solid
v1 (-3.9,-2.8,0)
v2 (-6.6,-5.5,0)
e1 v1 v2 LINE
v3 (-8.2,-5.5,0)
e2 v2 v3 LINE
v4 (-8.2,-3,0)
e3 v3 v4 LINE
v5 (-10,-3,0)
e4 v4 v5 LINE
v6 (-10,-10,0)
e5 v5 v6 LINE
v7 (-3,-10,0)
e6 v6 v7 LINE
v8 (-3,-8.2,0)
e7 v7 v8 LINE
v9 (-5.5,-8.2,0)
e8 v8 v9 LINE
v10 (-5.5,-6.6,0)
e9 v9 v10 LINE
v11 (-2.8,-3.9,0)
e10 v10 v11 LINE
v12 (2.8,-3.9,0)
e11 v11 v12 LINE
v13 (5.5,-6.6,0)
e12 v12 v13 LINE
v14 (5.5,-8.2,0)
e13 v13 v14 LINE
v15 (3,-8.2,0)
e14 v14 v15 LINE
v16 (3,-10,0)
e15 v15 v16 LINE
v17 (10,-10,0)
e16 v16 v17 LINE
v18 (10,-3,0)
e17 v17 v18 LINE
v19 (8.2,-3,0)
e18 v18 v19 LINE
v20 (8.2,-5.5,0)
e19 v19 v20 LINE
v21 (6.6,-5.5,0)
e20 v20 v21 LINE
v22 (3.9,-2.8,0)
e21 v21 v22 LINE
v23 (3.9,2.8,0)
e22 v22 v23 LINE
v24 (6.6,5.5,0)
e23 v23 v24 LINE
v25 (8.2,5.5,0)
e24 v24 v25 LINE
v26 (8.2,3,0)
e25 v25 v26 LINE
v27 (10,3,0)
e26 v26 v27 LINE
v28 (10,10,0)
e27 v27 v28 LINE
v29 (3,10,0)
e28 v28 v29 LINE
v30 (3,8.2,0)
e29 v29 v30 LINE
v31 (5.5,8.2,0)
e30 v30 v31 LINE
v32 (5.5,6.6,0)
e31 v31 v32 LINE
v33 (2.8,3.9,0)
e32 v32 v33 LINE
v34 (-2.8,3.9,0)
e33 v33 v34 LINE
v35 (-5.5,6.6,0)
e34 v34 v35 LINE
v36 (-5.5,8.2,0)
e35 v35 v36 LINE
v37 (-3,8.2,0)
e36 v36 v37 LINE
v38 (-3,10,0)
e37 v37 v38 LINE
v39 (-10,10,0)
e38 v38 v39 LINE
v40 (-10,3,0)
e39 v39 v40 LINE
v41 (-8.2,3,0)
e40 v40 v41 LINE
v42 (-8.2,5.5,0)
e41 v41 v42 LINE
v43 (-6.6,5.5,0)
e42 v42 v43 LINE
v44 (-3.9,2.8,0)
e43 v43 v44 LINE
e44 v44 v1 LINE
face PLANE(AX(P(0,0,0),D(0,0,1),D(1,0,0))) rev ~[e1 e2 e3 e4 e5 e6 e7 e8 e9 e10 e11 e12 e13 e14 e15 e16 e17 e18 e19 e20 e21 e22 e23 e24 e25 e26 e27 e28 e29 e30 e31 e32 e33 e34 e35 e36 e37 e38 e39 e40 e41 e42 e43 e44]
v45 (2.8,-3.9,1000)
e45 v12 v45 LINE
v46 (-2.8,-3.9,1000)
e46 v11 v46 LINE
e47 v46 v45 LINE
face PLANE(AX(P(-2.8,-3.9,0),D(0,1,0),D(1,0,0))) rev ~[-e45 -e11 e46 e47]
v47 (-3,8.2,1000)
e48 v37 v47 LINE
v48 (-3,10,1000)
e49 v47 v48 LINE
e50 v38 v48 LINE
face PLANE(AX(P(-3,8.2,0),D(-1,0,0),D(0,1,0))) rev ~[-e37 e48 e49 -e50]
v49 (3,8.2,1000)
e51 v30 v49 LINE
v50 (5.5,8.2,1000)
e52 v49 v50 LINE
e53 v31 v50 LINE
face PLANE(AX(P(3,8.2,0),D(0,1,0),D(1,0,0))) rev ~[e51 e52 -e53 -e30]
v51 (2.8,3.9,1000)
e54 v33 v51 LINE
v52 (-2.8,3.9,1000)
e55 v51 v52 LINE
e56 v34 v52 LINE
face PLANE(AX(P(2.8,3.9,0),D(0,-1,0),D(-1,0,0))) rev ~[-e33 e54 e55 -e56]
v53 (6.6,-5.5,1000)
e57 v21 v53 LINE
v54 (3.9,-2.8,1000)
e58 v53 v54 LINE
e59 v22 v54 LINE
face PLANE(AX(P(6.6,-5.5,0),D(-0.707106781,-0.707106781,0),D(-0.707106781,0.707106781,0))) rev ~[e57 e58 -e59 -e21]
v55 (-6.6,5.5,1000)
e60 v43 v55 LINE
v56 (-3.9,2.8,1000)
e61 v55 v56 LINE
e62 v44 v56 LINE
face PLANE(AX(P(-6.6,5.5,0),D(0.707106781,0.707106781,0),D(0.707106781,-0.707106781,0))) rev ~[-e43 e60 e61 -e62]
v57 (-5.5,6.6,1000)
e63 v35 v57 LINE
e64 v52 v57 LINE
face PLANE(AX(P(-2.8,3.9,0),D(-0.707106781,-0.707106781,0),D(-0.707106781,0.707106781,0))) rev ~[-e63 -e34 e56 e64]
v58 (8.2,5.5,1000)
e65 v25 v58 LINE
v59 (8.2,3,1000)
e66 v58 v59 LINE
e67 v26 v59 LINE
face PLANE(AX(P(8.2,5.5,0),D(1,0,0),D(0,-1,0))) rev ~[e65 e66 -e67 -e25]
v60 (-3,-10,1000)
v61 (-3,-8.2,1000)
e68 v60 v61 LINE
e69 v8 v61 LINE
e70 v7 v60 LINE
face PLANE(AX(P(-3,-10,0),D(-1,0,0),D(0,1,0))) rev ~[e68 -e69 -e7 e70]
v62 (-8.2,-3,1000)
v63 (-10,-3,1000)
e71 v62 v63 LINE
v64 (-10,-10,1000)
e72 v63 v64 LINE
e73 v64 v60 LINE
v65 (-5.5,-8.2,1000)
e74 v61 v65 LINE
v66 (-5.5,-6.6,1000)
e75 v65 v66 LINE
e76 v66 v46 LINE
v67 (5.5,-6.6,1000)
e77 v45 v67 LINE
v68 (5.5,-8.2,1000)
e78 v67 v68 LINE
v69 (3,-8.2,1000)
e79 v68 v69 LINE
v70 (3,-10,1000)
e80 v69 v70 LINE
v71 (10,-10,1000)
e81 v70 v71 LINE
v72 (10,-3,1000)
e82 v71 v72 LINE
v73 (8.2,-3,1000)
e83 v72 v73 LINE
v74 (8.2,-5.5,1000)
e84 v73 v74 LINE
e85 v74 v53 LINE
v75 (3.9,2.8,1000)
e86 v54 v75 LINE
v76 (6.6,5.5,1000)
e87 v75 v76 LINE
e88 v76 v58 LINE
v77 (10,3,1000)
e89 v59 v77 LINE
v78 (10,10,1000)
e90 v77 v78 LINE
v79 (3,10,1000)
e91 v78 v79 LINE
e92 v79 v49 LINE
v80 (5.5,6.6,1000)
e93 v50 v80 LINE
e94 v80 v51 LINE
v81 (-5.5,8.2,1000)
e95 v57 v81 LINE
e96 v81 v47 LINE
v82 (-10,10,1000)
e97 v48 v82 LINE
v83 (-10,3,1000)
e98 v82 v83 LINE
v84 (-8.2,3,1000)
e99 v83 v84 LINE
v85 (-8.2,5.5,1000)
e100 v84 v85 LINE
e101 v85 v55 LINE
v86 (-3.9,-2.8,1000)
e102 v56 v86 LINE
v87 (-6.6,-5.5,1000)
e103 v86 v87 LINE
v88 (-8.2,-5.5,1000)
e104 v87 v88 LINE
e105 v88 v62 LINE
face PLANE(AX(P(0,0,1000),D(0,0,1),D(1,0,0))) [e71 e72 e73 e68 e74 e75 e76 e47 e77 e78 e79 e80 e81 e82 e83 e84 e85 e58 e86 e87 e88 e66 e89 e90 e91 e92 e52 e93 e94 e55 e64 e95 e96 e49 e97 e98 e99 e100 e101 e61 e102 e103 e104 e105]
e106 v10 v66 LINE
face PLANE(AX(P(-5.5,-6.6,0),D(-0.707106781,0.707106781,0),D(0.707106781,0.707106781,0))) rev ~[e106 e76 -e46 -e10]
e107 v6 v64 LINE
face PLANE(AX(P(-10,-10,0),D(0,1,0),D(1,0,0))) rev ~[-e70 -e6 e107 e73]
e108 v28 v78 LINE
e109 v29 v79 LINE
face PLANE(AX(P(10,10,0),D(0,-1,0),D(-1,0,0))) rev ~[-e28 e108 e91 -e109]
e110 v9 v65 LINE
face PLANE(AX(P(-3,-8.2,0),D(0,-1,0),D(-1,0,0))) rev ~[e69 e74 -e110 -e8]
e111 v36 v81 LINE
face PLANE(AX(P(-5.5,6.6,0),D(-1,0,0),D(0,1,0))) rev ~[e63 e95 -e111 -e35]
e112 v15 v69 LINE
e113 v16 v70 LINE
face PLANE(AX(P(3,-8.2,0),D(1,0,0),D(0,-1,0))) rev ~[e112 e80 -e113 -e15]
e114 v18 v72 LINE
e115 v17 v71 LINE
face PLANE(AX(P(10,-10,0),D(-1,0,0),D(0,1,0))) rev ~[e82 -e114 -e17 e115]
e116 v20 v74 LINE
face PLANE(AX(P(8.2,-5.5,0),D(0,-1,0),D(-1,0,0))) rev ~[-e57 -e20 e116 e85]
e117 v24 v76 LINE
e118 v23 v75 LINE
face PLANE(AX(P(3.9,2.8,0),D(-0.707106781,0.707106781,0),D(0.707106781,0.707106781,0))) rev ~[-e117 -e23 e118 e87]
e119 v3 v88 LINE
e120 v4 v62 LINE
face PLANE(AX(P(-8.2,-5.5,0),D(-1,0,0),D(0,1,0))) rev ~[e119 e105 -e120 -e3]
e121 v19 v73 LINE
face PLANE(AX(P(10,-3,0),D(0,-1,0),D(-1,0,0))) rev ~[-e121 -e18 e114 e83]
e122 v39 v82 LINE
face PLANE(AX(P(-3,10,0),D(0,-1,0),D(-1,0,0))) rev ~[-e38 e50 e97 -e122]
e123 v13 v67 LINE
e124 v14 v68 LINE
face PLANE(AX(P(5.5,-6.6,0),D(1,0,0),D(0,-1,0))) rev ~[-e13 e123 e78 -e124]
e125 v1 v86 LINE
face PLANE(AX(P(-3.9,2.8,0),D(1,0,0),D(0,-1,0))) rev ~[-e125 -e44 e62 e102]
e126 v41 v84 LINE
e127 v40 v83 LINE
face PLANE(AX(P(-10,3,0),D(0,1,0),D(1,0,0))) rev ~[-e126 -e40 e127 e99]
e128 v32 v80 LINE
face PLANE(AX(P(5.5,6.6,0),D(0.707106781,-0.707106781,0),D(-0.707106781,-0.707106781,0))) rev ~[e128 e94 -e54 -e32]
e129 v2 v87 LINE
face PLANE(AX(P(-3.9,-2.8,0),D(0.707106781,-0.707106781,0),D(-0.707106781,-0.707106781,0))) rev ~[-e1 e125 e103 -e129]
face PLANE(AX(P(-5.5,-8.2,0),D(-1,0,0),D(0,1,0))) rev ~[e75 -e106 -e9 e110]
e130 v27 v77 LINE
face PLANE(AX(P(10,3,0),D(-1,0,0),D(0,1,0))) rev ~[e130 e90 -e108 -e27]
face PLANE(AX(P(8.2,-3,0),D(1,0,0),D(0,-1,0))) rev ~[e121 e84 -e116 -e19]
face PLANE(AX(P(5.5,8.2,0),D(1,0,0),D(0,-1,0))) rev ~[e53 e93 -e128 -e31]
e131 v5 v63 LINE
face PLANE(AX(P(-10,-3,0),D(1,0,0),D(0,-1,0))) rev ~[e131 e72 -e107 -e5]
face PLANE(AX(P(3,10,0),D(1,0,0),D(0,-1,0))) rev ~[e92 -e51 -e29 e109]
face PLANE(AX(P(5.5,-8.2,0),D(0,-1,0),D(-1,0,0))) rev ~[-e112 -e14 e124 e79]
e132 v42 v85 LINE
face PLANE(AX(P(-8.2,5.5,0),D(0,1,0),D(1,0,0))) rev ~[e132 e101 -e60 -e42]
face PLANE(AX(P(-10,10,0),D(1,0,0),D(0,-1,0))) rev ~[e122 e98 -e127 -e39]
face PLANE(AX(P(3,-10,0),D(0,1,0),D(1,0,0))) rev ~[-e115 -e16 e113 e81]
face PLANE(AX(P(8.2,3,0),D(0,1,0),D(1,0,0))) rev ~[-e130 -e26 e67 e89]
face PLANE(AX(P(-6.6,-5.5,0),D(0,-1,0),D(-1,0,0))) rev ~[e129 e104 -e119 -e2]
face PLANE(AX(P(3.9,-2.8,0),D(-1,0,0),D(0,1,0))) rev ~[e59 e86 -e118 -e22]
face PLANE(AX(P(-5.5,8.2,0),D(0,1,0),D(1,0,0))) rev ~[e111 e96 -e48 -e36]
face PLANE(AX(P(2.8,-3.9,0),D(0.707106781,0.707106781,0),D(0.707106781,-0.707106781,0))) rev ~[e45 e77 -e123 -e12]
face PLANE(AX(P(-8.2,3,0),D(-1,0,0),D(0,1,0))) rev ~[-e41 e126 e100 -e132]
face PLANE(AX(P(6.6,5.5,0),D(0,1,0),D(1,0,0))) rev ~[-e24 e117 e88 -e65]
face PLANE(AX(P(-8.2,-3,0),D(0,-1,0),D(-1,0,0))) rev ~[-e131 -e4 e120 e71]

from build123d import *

# Parameters (mm, degrees)
F1_DEPTH = 1000


with BuildPart() as f1:
    # F0 (on Top) → F1 (new body)
    with BuildSketch(Plane.XY):
        Polygon((-3, 10), (-10, 10), (-10, 3), (-8.2, 3), (-8.2, 5.5), (-6.6, 5.5), (-3.9, 2.8), (-3.9, -2.8), (-6.6, -5.5), (-8.2, -5.5), (-8.2, -3), (-10, -3), (-10, -10), (-3, -10), (-3, -8.2), (-5.5, -8.2), (-5.5, -6.6), (-2.8, -3.9), (2.8, -3.9), (5.5, -6.6), (5.5, -8.2), (3, -8.2), (3, -10), (10, -10), (10, -3), (8.2, -3), (8.2, -5.5), (6.6, -5.5), (3.9, -2.8), (3.9, 2.8), (6.6, 5.5), (8.2, 5.5), (8.2, 3), (10, 3), (10, 10), (3, 10), (3, 8.2), (5.5, 8.2), (5.5, 6.6), (2.8, 3.9), (-2.8, 3.9), (-5.5, 6.6), (-5.5, 8.2), (-3, 8.2), align=None)
    extrude(amount=F1_DEPTH)


solid = f1.part
